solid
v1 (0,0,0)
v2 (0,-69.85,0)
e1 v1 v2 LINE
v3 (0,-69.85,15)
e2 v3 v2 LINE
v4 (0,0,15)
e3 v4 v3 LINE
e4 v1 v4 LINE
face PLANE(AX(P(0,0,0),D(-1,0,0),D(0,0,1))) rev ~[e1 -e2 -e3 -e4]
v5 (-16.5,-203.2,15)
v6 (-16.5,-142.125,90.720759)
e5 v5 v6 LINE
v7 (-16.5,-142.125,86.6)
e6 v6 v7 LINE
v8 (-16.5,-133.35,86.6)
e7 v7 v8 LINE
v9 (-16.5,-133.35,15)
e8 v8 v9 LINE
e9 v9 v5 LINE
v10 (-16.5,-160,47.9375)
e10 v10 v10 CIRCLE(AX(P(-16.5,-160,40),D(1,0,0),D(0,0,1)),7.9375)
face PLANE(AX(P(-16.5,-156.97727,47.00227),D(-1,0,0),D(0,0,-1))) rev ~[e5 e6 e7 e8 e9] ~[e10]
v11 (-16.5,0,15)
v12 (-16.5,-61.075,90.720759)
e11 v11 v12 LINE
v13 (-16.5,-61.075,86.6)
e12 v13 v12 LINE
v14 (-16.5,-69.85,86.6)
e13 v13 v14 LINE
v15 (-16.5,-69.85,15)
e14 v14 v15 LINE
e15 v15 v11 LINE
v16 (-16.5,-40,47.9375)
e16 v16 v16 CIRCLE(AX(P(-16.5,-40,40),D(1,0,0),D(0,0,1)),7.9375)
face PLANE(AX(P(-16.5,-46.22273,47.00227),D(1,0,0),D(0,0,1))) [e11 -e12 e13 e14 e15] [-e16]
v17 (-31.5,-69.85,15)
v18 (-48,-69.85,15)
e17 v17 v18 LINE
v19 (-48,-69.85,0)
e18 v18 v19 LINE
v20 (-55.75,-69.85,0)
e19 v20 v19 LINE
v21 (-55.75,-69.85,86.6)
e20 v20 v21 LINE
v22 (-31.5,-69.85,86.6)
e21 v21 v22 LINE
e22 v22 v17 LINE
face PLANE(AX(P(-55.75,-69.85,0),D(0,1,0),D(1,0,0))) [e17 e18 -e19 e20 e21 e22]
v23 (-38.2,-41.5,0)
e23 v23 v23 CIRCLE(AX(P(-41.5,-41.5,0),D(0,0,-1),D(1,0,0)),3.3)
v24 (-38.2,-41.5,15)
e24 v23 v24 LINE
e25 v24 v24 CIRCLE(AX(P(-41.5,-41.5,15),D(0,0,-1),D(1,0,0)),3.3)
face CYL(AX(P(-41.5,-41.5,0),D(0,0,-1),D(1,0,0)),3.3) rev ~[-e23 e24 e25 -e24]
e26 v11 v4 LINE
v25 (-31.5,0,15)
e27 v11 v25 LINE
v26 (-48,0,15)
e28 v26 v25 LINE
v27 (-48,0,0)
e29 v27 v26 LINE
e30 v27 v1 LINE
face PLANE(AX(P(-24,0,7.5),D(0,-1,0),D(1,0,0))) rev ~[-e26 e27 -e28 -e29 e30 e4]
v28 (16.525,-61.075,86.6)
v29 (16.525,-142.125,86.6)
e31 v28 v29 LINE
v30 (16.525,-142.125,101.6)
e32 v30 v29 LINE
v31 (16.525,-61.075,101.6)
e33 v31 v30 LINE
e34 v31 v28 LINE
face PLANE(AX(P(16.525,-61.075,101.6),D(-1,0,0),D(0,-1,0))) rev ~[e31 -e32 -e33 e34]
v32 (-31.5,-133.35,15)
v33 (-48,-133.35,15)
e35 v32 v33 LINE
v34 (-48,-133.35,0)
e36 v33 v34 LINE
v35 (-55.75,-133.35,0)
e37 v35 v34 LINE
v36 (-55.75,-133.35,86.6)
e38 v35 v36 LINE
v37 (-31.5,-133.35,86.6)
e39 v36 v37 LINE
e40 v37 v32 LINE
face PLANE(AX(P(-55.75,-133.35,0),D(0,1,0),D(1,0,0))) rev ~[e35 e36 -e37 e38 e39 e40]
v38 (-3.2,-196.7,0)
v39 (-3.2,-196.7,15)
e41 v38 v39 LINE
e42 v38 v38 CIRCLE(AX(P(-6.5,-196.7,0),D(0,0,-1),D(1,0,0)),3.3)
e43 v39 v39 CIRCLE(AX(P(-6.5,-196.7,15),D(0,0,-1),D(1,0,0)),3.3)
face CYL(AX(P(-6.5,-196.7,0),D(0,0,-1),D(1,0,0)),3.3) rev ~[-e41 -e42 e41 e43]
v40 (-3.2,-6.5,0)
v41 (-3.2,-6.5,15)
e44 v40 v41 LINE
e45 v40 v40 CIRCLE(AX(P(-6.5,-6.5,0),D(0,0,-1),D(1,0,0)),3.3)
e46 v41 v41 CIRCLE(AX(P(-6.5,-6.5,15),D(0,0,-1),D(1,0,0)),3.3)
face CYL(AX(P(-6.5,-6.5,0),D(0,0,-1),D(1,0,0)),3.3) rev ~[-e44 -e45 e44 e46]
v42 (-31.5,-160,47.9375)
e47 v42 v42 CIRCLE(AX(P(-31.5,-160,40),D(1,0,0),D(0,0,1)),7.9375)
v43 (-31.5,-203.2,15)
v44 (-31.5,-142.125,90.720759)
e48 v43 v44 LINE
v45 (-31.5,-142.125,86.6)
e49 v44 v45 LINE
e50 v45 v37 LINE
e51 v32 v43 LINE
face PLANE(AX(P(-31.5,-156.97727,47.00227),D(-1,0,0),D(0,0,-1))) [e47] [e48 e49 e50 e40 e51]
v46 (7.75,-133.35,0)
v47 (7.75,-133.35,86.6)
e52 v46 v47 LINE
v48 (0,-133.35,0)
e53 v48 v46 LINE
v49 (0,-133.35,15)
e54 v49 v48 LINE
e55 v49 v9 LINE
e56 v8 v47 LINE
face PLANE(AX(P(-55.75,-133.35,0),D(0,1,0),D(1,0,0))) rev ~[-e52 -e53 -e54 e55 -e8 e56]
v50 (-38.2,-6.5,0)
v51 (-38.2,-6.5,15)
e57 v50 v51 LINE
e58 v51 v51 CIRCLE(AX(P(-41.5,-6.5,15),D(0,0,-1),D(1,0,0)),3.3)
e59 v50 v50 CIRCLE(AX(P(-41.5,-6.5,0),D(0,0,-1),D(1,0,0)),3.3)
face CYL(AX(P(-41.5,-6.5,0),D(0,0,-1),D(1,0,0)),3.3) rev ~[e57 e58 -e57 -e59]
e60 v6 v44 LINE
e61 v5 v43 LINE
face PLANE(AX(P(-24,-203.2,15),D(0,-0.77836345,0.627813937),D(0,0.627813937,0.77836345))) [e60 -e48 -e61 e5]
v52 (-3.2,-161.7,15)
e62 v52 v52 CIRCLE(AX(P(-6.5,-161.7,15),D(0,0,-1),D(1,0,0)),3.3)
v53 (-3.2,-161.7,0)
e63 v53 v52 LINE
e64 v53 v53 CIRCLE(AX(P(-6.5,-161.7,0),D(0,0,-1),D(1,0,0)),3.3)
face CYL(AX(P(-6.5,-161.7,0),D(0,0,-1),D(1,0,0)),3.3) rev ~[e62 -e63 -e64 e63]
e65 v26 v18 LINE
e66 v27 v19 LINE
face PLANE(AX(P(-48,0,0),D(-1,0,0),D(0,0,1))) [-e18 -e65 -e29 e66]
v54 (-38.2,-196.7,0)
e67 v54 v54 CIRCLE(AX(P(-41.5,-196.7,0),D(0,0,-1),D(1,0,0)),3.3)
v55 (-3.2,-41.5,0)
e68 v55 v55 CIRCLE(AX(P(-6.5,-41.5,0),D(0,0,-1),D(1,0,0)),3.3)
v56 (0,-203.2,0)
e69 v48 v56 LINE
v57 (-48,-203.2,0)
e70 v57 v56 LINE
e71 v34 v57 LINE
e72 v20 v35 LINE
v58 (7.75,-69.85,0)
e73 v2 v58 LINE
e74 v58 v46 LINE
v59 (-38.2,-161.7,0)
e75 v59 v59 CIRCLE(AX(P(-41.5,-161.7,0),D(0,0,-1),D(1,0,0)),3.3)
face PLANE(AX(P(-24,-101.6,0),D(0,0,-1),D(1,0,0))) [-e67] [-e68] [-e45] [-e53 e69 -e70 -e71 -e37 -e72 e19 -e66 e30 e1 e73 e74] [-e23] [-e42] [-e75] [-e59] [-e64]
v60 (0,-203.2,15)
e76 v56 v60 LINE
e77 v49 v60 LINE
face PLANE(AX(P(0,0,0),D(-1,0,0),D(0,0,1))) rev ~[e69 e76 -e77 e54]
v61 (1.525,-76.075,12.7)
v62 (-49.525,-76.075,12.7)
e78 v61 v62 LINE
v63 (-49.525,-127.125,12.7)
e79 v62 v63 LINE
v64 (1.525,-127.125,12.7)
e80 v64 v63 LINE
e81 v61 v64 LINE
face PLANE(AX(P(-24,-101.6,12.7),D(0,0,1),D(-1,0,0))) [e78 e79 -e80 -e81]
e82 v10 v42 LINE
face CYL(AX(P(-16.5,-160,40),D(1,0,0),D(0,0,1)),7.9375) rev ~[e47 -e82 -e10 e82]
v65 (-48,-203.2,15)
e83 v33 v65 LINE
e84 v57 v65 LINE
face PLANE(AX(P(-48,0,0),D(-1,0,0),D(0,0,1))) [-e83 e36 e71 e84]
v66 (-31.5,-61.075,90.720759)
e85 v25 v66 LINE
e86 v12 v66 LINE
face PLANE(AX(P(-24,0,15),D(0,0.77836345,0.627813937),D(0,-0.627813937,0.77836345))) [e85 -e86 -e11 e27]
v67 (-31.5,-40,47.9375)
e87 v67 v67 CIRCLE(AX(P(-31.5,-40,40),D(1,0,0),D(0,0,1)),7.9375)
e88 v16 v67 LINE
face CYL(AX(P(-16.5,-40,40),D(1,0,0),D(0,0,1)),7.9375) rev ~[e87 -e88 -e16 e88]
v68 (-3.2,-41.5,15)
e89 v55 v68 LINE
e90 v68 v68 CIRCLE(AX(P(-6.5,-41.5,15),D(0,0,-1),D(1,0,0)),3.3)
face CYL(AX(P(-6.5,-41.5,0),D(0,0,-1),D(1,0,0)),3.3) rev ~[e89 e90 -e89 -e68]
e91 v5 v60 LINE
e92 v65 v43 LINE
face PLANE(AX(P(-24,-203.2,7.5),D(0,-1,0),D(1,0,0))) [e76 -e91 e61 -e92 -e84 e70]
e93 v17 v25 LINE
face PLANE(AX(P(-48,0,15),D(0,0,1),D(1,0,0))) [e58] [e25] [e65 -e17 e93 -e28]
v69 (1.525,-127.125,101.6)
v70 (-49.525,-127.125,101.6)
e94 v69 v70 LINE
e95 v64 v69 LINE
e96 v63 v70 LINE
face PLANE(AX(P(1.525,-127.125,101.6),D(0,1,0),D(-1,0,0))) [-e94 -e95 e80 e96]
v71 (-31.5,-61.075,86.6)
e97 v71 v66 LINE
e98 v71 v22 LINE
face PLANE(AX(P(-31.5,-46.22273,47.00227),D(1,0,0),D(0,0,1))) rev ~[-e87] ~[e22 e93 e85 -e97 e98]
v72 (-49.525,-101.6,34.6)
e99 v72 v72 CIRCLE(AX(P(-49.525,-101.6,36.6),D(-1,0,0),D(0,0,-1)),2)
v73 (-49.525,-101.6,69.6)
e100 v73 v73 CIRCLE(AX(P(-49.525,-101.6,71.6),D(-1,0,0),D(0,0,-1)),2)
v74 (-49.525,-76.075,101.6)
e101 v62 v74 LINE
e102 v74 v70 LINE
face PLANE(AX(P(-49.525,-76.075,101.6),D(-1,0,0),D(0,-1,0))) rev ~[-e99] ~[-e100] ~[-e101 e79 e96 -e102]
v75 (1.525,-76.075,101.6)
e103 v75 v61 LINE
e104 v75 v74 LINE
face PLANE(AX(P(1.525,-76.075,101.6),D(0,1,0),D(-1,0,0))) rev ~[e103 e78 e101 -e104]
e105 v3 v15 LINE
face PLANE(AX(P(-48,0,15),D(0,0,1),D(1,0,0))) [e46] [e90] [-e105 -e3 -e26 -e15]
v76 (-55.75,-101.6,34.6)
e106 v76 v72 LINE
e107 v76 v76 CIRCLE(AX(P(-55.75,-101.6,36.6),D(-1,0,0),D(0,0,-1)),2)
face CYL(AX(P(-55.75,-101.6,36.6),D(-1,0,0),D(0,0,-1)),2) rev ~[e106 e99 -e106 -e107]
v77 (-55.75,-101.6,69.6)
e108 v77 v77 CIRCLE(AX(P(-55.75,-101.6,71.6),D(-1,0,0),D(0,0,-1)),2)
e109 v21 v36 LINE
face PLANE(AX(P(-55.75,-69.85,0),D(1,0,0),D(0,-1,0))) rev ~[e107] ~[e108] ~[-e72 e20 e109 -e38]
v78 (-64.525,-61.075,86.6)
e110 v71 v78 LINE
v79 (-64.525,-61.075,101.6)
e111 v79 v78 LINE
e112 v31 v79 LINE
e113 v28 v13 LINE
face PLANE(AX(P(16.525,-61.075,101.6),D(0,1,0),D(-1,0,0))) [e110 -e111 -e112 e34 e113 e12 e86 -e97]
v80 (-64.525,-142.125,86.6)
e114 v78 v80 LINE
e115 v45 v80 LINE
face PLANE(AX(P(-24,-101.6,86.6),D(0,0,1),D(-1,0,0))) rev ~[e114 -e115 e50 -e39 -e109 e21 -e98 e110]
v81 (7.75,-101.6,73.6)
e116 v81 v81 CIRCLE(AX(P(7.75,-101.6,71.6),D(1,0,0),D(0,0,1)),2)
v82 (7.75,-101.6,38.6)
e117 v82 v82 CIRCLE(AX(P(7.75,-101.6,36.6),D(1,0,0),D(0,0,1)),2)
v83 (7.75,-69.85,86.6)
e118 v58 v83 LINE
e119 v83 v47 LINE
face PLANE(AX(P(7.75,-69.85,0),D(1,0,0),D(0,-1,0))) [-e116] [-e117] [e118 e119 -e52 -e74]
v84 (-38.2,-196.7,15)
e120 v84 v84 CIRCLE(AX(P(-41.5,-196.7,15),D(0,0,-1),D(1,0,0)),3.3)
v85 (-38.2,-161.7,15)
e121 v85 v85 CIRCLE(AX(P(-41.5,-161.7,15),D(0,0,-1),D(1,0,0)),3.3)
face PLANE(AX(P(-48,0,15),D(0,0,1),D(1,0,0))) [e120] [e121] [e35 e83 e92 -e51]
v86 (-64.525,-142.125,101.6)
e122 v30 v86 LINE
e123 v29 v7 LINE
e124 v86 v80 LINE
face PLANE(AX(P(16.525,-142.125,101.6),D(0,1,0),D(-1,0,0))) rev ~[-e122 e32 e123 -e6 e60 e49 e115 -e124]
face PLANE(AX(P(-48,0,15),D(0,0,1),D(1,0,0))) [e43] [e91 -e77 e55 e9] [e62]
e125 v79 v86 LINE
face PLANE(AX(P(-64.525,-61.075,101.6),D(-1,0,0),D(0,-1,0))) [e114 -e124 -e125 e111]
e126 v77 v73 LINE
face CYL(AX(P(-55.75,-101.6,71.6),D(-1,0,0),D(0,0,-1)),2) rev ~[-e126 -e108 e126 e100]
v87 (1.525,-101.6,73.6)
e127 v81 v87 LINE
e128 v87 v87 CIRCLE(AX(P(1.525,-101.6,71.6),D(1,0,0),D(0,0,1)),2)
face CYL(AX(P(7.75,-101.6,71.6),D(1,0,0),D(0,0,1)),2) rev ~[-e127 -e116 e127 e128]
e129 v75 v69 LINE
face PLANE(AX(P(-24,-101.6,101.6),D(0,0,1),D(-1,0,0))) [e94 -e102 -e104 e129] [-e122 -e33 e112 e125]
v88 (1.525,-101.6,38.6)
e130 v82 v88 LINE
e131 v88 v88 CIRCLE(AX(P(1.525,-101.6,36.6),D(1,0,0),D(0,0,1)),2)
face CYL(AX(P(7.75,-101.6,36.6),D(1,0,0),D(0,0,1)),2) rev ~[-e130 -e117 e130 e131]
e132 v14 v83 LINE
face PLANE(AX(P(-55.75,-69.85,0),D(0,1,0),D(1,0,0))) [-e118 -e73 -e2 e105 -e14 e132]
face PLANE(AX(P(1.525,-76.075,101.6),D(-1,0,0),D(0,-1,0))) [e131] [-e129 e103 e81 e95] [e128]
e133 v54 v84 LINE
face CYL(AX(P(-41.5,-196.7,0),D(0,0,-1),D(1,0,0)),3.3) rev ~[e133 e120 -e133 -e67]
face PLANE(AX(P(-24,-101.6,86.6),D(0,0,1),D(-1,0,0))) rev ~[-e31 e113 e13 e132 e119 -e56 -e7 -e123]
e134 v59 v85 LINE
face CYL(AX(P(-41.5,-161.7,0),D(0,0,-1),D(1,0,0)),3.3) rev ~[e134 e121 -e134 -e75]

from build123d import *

# Parameters (mm, degrees)
SKETCH_W        = 48
SKETCH_H        = 15
PAD_DEPTH       = 203.2
SKETCH001_R     = 3.3
POCKET_DEPTH    = 15
SKETCH002_W     = 63.5
SKETCH002_H     = 63.5
PAD001_DEPTH    = 101.6
SKETCH003_W     = 51.05
SKETCH003_H     = 51.05
POCKET001_DEPTH = 88.9
SKETCH004_R     = 2
POCKET002_DEPTH = 15
SKETCH005_R     = 2
POCKET003_DEPTH = 15
PAD002_DEPTH    = 7.5
SKETCH007_W     = 81.05
SKETCH007_H     = 81.05
SKETCH007_W_2   = 51.05
SKETCH007_H_2   = 51.05
PAD003_DEPTH    = 15
SKETCH008_R     = 7.9375
POCKET004_DEPTH = 15


with BuildPart() as part:
    # Sketch → Pad (new body)
    with BuildSketch(Plane.XZ):
        with Locations((-24, 7.5)):
            Rectangle(SKETCH_W, SKETCH_H)
    extrude(amount=PAD_DEPTH)

    # Sketch001 (on Face4 of Pad) → Pocket (cut)
    with BuildSketch(Plane(origin=(0, 0, 0), x_dir=(1, 0, 0), z_dir=(0, 0, -1))):
        with Locations((-41.5, 41.5)):
            Circle(SKETCH001_R)
        with Locations((-6.5, 41.5)):
            Circle(SKETCH001_R)
        with Locations((-41.5, 6.5)):
            Circle(SKETCH001_R)
        with Locations((-6.5, 6.5)):
            Circle(SKETCH001_R)
        with Locations((-41.5, 196.7)):
            Circle(SKETCH001_R)
        with Locations((-6.5, 196.7)):
            Circle(SKETCH001_R)
        with Locations((-41.5, 161.7)):
            Circle(SKETCH001_R)
        with Locations((-6.5, 161.7)):
            Circle(SKETCH001_R)
    extrude(amount=-POCKET_DEPTH, mode=Mode.SUBTRACT)

    # Sketch002 (on Face2 of Pocket) → Pad001 (join)
    with BuildSketch(Plane(origin=(0, 0, 0), x_dir=(1, 0, 0), z_dir=(0, 0, -1))):
        with Locations((-24, 101.6)):
            Rectangle(SKETCH002_W, SKETCH002_H)
    extrude(amount=-PAD001_DEPTH)

    # Sketch003 (on Face11 of Pad001) → Pocket001 (cut)
    with BuildSketch(Plane(origin=(0, 0, 101.6), x_dir=(-1, 0, 0), z_dir=(0, 0, 1))):
        with Locations((24, 101.6)):
            Rectangle(SKETCH003_W, SKETCH003_H)
    extrude(amount=-POCKET001_DEPTH, mode=Mode.SUBTRACT)

    # Sketch004 (on Face11 of Pocket001) → Pocket002 (cut)
    with BuildSketch(Plane(origin=(7.75, 0, 0), x_dir=(0, 0, 1), z_dir=(1, 0, 0))):
        with Locations((71.6, 101.6)):
            Circle(SKETCH004_R)
        with Locations((36.6, 101.6)):
            Circle(SKETCH004_R)
    extrude(amount=-POCKET002_DEPTH, mode=Mode.SUBTRACT)

    # Sketch005 (on Face13 of Pocket002) → Pocket003 (cut)
    with BuildSketch(Plane(origin=(-55.75, 0, 0), x_dir=(0, 0, -1), z_dir=(-1, 0, 0))):
        with Locations((-71.6, 101.6)):
            Circle(SKETCH005_R)
        with Locations((-36.6, 101.6)):
            Circle(SKETCH005_R)
    extrude(amount=-POCKET003_DEPTH, mode=Mode.SUBTRACT)

    # Sketch006 (on Face11 of Pocket003) → Pad002 (join, symmetric)
    with BuildSketch(Plane(origin=(-24, 0, 0), x_dir=(0, 0, 1), z_dir=(1, 0, 0))):
        Polygon((15, 133.35), (15, 203.2), (101.6, 133.35), align=None)
        Polygon((101.6, 69.85), (15, 69.85), (15, 0), align=None)
    extrude(amount=PAD002_DEPTH, both=True)

    # Sketch007 (on Face13 of Pad002) → Pad003 (join)
    with BuildSketch(Plane(origin=(0, 0, 101.6), x_dir=(-1, 0, 0), z_dir=(0, 0, 1))):
        with Locations((24, 101.6)):
            Rectangle(SKETCH007_W, SKETCH007_H)
        with Locations((24, 101.6)):
            Rectangle(SKETCH007_W_2, SKETCH007_H_2, mode=Mode.SUBTRACT)
    extrude(amount=-PAD003_DEPTH)

    # Sketch008 (on Face34 of Pad003) → Pocket004 (cut)
    with BuildSketch(Plane(origin=(-16.5, 0, 0), x_dir=(0, 0, 1), z_dir=(1, 0, 0))):
        with Locations((40, 160)):
            Circle(SKETCH008_R)
        with Locations((40, 40)):
            Circle(SKETCH008_R)
    extrude(amount=-POCKET004_DEPTH, mode=Mode.SUBTRACT)


solid = part.part
